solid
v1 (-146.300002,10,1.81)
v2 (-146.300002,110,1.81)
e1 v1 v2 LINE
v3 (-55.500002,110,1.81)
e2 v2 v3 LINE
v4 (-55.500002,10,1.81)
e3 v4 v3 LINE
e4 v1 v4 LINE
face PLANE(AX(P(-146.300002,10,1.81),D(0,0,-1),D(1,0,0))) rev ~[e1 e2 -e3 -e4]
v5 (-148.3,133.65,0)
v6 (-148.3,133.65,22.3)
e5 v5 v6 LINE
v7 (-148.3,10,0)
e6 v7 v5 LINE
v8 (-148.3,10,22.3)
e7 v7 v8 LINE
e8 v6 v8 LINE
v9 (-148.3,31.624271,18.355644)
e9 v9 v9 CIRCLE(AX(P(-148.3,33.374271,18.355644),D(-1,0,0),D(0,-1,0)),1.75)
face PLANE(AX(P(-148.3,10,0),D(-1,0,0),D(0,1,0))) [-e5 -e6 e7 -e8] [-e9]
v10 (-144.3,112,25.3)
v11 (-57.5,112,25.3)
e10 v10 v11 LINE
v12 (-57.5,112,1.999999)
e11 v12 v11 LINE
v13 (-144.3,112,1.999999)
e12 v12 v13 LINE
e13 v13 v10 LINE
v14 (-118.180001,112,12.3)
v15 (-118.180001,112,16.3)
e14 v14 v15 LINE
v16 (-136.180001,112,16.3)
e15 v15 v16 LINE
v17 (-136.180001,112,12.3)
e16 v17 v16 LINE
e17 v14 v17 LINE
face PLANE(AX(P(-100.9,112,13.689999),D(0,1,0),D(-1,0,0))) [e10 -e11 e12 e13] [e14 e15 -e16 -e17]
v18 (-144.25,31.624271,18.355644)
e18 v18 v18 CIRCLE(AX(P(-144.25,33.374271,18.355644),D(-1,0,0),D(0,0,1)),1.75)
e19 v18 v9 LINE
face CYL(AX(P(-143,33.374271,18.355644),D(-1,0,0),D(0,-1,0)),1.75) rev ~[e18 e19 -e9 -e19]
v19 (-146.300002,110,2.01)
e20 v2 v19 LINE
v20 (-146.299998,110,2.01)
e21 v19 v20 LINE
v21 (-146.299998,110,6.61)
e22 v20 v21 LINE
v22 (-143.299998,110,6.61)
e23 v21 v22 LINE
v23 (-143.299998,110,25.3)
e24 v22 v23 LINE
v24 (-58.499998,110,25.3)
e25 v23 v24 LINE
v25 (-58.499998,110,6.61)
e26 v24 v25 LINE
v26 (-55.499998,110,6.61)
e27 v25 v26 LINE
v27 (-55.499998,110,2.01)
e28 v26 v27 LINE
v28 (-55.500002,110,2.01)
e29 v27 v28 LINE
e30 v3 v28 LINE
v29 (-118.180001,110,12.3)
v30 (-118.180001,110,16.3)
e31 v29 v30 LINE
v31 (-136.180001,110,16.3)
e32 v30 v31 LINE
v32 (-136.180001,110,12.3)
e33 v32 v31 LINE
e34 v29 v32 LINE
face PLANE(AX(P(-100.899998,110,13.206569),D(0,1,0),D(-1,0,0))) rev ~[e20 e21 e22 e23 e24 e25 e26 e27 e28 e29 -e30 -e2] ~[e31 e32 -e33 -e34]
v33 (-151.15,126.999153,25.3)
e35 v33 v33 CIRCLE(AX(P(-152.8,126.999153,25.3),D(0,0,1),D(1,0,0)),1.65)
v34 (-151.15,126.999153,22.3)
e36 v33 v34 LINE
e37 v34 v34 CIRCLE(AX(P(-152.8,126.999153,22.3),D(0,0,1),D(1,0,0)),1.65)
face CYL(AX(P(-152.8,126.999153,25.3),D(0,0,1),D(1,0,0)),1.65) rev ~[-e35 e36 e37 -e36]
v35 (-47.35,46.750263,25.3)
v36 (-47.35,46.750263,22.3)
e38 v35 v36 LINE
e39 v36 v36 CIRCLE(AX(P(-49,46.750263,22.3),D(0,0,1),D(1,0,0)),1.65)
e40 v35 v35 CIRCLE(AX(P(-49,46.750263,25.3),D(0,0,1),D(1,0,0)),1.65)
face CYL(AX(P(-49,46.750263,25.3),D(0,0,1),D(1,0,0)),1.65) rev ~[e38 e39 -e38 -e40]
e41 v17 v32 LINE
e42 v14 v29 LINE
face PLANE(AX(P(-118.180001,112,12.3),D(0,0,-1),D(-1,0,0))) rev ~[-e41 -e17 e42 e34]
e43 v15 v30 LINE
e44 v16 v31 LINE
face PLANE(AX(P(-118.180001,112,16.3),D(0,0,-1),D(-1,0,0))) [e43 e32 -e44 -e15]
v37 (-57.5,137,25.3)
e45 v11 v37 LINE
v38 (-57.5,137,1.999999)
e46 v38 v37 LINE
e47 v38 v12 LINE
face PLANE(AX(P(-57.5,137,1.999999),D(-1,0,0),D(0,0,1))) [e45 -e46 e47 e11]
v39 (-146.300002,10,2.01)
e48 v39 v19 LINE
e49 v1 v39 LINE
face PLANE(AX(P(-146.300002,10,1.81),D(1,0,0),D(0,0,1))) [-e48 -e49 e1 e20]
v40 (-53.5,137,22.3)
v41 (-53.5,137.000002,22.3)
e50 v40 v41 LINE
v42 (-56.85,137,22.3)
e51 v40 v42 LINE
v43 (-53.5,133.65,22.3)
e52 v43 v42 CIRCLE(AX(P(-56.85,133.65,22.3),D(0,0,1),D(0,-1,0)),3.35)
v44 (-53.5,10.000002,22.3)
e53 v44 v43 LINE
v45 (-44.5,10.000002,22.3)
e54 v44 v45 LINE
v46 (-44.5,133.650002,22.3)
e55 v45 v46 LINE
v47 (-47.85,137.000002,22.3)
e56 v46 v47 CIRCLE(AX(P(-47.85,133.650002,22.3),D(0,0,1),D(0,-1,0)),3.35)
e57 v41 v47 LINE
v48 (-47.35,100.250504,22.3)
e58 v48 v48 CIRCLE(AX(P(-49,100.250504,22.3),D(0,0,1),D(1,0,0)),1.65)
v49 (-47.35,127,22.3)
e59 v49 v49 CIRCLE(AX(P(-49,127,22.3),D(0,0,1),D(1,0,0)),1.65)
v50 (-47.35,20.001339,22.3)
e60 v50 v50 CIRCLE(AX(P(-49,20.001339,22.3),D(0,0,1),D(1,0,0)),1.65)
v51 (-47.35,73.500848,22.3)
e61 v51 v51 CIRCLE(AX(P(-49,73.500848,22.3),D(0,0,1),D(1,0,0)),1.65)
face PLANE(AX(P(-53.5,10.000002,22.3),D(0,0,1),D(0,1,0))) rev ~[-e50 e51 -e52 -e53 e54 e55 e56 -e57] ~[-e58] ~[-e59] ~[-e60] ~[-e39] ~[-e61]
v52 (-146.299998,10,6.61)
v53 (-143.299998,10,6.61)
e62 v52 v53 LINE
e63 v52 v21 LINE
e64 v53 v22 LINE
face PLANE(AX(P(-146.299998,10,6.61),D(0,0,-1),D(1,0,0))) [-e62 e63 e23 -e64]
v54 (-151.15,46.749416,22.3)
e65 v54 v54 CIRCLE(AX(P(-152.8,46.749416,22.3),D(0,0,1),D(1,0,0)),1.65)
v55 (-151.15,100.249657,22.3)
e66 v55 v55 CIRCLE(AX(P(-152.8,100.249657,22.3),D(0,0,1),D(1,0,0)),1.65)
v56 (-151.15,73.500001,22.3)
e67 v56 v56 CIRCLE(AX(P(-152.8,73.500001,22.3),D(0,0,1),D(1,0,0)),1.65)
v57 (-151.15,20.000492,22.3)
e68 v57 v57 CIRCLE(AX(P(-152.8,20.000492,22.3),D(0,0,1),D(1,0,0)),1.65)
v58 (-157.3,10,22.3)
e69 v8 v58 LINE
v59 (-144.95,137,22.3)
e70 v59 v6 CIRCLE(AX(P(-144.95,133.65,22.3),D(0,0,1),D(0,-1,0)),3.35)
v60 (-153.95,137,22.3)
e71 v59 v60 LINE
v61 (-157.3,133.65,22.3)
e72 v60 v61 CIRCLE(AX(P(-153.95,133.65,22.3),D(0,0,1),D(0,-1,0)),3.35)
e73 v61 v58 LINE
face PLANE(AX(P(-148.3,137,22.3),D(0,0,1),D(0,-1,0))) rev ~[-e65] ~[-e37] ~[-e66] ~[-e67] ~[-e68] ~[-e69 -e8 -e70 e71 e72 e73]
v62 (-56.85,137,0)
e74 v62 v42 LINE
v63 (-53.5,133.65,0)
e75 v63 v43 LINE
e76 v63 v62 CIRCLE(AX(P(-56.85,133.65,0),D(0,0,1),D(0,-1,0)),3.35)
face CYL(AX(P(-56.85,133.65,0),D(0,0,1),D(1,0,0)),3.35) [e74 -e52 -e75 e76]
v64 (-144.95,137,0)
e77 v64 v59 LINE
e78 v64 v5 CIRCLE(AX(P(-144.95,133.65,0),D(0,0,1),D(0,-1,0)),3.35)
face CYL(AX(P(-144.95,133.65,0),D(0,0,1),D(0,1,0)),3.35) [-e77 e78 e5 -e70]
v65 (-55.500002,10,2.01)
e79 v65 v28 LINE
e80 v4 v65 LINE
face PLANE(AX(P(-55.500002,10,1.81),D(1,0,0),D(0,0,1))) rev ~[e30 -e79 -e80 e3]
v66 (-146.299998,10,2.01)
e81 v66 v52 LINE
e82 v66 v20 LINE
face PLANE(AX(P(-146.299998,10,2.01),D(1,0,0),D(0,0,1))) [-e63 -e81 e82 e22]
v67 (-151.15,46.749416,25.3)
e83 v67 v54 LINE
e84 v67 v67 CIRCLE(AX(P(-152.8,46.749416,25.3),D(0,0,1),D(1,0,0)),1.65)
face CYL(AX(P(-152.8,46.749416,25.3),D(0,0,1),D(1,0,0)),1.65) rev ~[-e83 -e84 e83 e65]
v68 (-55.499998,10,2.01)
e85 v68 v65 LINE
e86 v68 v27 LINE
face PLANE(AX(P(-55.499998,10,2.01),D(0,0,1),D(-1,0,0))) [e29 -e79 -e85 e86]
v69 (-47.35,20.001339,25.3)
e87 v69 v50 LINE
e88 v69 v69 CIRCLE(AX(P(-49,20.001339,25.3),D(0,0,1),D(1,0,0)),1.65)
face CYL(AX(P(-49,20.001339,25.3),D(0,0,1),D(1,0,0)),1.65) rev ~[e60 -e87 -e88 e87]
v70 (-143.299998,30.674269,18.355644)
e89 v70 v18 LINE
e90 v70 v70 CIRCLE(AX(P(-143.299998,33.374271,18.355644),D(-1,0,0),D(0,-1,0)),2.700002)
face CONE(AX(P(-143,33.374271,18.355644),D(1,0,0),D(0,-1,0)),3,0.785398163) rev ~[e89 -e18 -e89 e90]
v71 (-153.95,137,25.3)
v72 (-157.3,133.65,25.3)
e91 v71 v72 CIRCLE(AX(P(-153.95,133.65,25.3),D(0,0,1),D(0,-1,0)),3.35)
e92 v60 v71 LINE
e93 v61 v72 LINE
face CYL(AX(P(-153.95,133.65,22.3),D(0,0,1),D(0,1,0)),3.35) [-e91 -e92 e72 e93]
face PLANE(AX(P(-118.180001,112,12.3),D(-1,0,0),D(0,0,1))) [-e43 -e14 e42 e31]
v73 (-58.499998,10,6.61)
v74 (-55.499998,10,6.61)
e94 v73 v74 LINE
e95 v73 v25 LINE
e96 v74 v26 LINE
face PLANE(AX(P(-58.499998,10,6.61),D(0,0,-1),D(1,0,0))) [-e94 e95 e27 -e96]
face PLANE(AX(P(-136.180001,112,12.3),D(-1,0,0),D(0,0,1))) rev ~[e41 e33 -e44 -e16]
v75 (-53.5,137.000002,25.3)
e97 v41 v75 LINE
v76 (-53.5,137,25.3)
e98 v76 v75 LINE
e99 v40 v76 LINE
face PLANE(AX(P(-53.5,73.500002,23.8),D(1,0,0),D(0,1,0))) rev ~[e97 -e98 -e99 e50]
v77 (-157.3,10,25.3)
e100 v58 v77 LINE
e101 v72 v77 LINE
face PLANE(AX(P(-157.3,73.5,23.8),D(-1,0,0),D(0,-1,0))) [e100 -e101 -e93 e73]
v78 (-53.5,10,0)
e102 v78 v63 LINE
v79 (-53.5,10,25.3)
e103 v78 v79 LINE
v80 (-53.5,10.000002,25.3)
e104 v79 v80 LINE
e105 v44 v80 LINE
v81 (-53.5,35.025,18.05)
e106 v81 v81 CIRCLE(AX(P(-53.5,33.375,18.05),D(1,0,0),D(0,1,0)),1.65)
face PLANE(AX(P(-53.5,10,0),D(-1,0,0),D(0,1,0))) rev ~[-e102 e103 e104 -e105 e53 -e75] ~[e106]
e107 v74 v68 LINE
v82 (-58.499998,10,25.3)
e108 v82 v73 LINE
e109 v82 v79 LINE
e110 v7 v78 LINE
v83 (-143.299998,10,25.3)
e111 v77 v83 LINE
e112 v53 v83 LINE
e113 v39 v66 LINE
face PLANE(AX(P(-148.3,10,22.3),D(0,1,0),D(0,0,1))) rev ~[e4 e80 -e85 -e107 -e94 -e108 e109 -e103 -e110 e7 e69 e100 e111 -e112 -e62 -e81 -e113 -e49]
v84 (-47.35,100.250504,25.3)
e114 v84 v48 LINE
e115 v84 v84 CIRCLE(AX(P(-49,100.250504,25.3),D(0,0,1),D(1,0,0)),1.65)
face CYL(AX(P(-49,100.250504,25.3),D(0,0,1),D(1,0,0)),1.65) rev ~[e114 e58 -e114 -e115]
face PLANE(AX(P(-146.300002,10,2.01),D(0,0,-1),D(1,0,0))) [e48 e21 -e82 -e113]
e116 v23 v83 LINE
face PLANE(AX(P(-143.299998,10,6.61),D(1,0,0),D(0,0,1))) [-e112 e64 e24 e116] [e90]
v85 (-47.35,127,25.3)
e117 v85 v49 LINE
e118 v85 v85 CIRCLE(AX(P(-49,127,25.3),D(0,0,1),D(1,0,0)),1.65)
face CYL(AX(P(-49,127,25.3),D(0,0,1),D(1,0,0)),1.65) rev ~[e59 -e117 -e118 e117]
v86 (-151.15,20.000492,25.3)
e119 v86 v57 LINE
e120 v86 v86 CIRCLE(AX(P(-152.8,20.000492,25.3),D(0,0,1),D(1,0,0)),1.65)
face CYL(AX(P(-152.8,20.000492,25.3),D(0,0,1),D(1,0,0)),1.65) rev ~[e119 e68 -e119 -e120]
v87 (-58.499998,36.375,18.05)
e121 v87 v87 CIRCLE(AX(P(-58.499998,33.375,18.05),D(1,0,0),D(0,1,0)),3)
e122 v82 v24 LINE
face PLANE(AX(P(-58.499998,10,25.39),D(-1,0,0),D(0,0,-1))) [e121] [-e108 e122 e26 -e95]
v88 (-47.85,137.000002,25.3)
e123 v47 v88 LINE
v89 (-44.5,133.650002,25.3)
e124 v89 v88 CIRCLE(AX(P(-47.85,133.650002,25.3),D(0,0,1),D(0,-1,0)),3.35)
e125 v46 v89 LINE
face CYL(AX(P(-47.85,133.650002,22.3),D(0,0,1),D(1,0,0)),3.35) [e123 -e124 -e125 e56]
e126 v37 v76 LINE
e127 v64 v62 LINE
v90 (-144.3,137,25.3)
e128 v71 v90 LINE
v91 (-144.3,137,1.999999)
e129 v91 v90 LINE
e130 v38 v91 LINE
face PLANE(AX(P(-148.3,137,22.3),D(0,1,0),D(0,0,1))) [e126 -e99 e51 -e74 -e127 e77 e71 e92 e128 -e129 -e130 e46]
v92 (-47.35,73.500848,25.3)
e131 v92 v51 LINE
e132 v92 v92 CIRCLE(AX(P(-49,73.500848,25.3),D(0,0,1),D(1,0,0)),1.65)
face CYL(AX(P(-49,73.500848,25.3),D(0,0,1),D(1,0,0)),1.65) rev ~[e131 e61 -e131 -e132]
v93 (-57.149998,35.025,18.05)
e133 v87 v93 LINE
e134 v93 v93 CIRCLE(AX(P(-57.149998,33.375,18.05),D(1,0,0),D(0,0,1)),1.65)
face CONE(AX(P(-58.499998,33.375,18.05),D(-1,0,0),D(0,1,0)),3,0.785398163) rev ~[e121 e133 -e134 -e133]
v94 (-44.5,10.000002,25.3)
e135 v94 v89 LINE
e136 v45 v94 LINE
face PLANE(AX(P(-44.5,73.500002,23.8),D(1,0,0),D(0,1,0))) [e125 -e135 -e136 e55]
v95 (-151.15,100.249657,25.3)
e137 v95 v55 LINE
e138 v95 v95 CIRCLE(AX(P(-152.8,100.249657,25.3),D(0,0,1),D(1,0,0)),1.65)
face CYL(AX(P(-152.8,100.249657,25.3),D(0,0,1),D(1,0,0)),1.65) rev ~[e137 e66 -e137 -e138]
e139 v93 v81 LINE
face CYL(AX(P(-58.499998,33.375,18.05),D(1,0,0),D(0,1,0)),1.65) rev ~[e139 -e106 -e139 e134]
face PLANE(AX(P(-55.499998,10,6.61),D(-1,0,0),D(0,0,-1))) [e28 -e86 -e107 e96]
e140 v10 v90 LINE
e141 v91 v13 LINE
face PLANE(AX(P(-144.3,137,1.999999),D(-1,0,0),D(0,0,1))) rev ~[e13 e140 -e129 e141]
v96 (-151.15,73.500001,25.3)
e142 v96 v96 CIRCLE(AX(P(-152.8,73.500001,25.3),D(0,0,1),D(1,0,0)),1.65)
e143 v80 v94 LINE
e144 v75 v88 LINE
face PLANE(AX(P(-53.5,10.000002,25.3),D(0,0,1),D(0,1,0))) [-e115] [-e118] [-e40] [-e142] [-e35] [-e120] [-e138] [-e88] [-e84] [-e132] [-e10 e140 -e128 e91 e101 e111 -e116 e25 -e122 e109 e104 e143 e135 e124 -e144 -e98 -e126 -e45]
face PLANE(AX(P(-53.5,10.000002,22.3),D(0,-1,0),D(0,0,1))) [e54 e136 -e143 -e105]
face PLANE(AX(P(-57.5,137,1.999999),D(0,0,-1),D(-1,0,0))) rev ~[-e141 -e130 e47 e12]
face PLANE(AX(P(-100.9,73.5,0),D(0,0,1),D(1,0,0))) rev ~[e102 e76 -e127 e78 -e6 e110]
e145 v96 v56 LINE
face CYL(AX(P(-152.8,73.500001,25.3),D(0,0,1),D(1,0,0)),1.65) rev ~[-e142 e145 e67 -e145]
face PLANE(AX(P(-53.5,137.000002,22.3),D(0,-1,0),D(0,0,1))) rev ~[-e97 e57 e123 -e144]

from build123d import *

# Parameters (mm, degrees)
SKETCH062_W         = 94.8
SKETCH062_H         = 127
PAD_DEPTH           = 28.5
POCKET011_DEPTH     = 100
SKETCH064_W         = 86.8
SKETCH064_H         = 23.38
POCKET012_DEPTH     = 25
SKETCH065_W         = 96.8
SKETCH065_H         = 129
POCKET013_DEPTH     = 3.2
SKETCH066_W         = 127
SKETCH066_H         = 3
PAD001_DEPTH        = 9
SKETCH067_W         = 127
SKETCH067_H         = 3
PAD002_DEPTH        = 9
SKETCH069_R         = 1.65
POCKET014_DEPTH     = 5
SKETCH072_W         = 90.8
SKETCH072_H         = 0.2
POCKET015_DEPTH     = 100
HOLE016_D           = 3.3
HOLE016_DEPTH       = 5
HOLE016_CSINK_D     = 6
HOLE016_CSINK_ANGLE = 90
HOLE017_D           = 3.5
HOLE017_DEPTH       = 5.3
HOLE017_CSINK_D     = 6
HOLE017_CSINK_ANGLE = 90
FILLET_R            = 3.35
FILLET002_R         = 3.35
SKETCH076_W         = 18
SKETCH076_H         = 4
POCKET017_DEPTH     = 2


with BuildPart() as part:
    # Sketch062 → Pad (new body)
    with BuildSketch(Plane.XY):
        with Locations((42.1, 73.5)):
            Rectangle(SKETCH062_W, SKETCH062_H)
    extrude(amount=PAD_DEPTH)

    # Sketch063 (on Face1 of Pad) → Pocket011 (cut)
    with BuildSketch(Plane.XZ.offset(-10)):
        Polygon((-3.299998, 2.01), (-3.299998, 6.61), (-0.299998, 6.61), (-0.299998, 25.39), (84.500002, 25.39), (84.500002, 6.61), (87.500002, 6.61), (87.500002, 2.01), align=None)
    extrude(amount=-POCKET011_DEPTH, mode=Mode.SUBTRACT)

    # Sketch064 (on Face14 of Pocket011) → Pocket012 (cut)
    with BuildSketch(Plane(origin=(0, 137, 0), x_dir=(-1, 0, 0), z_dir=(0, 1, 0))):
        with Locations((-42.1, 13.689999)):
            Rectangle(SKETCH064_W, SKETCH064_H)
    extrude(amount=-POCKET012_DEPTH, mode=Mode.SUBTRACT)

    # Sketch065 (on Face4 of Pocket012) → Pocket013 (cut)
    with BuildSketch(Plane.XY.offset(28.5)):
        with Locations((42.180762, 73.419241)):
            Rectangle(SKETCH065_W, SKETCH065_H)
    extrude(amount=-POCKET013_DEPTH, mode=Mode.SUBTRACT)

    # Sketch066 (on Face12 of Pocket013) → Pad001 (join)
    with BuildSketch(Plane(origin=(-5.3, 0, 0), x_dir=(0, -1, 0), z_dir=(-1, 0, 0))):
        with Locations((-73.5, 23.8)):
            Rectangle(SKETCH066_W, SKETCH066_H)
    extrude(amount=PAD001_DEPTH)

    # Sketch067 (on Face3 of Pad001) → Pad002 (join)
    with BuildSketch(Plane.YZ.offset(89.5)):
        with Locations((73.500002, 23.8)):
            Rectangle(SKETCH067_W, SKETCH067_H)
    extrude(amount=PAD002_DEPTH)

    # Sketch069 (on Face17 of Pad002) → Pocket014 (cut)
    with BuildSketch(Plane.XY.offset(25.3)):
        with Locations((-9.8, 20.000492)):
            Circle(SKETCH069_R)
        with Locations((-9.8, 46.749416)):
            Circle(SKETCH069_R)
        with Locations((-9.8, 73.500001)):
            Circle(SKETCH069_R)
        with Locations((-9.8, 100.249657)):
            Circle(SKETCH069_R)
        with Locations((-9.8, 126.999153)):
            Circle(SKETCH069_R)
        with Locations((94, 20.001339)):
            Circle(SKETCH069_R)
        with Locations((94, 46.750263)):
            Circle(SKETCH069_R)
        with Locations((94, 73.500848)):
            Circle(SKETCH069_R)
        with Locations((94, 100.250504)):
            Circle(SKETCH069_R)
        with Locations((94, 127)):
            Circle(SKETCH069_R)
    extrude(amount=-POCKET014_DEPTH, mode=Mode.SUBTRACT)

    # Sketch072 (on Face1 of Pocket014) → Pocket015 (cut)
    with BuildSketch(Plane.XZ.offset(-10)):
        with Locations((42.099998, 1.91)):
            Rectangle(SKETCH072_W, SKETCH072_H)
    extrude(amount=-POCKET015_DEPTH, mode=Mode.SUBTRACT)

    # Hole016
    with Locations(Plane(origin=(84.500002, 0, 0), x_dir=(0, -1, 0), z_dir=(-1, 0, 0))):
        with Locations((-33.375, 18.05)):
            CounterSinkHole(HOLE016_D / 2, HOLE016_CSINK_D / 2, depth=HOLE016_DEPTH, counter_sink_angle=HOLE016_CSINK_ANGLE)

    # Hole017
    with Locations(Plane.YZ):
        with Locations((33.374271, 18.355644)):
            CounterSinkHole(HOLE017_D / 2, HOLE017_CSINK_D / 2, depth=HOLE017_DEPTH, counter_sink_angle=HOLE017_CSINK_ANGLE)

    # Fillet
    fillet_edges = [part.edges().sort_by_distance(p)[0] for p in [
        (98.5, 137.000002, 23.8),
        (-14.3, 137, 23.8),
    ]]
    fillet(fillet_edges, radius=FILLET_R)

    # Fillet002
    fillet002_edges = [part.edges().sort_by_distance(p)[0] for p in [
        (89.5, 137, 11.15),
        (-5.3, 137, 11.15),
    ]]
    fillet(fillet002_edges, radius=FILLET002_R)

    # Sketch076 (on Face40 of Fillet002) → Pocket017 (cut)
    with BuildSketch(Plane(origin=(0, 112, 0), x_dir=(-1, 0, 0), z_dir=(0, 1, 0))):
        with Locations((-15.819999, 14.3)):
            Rectangle(SKETCH076_W, SKETCH076_H)
    extrude(amount=-POCKET017_DEPTH, mode=Mode.SUBTRACT)


with BuildPart() as part_1:
    # Body008 placement: moved
    add(part.part.moved(Location((-143, 0, 0))))


solid = part_1.part
